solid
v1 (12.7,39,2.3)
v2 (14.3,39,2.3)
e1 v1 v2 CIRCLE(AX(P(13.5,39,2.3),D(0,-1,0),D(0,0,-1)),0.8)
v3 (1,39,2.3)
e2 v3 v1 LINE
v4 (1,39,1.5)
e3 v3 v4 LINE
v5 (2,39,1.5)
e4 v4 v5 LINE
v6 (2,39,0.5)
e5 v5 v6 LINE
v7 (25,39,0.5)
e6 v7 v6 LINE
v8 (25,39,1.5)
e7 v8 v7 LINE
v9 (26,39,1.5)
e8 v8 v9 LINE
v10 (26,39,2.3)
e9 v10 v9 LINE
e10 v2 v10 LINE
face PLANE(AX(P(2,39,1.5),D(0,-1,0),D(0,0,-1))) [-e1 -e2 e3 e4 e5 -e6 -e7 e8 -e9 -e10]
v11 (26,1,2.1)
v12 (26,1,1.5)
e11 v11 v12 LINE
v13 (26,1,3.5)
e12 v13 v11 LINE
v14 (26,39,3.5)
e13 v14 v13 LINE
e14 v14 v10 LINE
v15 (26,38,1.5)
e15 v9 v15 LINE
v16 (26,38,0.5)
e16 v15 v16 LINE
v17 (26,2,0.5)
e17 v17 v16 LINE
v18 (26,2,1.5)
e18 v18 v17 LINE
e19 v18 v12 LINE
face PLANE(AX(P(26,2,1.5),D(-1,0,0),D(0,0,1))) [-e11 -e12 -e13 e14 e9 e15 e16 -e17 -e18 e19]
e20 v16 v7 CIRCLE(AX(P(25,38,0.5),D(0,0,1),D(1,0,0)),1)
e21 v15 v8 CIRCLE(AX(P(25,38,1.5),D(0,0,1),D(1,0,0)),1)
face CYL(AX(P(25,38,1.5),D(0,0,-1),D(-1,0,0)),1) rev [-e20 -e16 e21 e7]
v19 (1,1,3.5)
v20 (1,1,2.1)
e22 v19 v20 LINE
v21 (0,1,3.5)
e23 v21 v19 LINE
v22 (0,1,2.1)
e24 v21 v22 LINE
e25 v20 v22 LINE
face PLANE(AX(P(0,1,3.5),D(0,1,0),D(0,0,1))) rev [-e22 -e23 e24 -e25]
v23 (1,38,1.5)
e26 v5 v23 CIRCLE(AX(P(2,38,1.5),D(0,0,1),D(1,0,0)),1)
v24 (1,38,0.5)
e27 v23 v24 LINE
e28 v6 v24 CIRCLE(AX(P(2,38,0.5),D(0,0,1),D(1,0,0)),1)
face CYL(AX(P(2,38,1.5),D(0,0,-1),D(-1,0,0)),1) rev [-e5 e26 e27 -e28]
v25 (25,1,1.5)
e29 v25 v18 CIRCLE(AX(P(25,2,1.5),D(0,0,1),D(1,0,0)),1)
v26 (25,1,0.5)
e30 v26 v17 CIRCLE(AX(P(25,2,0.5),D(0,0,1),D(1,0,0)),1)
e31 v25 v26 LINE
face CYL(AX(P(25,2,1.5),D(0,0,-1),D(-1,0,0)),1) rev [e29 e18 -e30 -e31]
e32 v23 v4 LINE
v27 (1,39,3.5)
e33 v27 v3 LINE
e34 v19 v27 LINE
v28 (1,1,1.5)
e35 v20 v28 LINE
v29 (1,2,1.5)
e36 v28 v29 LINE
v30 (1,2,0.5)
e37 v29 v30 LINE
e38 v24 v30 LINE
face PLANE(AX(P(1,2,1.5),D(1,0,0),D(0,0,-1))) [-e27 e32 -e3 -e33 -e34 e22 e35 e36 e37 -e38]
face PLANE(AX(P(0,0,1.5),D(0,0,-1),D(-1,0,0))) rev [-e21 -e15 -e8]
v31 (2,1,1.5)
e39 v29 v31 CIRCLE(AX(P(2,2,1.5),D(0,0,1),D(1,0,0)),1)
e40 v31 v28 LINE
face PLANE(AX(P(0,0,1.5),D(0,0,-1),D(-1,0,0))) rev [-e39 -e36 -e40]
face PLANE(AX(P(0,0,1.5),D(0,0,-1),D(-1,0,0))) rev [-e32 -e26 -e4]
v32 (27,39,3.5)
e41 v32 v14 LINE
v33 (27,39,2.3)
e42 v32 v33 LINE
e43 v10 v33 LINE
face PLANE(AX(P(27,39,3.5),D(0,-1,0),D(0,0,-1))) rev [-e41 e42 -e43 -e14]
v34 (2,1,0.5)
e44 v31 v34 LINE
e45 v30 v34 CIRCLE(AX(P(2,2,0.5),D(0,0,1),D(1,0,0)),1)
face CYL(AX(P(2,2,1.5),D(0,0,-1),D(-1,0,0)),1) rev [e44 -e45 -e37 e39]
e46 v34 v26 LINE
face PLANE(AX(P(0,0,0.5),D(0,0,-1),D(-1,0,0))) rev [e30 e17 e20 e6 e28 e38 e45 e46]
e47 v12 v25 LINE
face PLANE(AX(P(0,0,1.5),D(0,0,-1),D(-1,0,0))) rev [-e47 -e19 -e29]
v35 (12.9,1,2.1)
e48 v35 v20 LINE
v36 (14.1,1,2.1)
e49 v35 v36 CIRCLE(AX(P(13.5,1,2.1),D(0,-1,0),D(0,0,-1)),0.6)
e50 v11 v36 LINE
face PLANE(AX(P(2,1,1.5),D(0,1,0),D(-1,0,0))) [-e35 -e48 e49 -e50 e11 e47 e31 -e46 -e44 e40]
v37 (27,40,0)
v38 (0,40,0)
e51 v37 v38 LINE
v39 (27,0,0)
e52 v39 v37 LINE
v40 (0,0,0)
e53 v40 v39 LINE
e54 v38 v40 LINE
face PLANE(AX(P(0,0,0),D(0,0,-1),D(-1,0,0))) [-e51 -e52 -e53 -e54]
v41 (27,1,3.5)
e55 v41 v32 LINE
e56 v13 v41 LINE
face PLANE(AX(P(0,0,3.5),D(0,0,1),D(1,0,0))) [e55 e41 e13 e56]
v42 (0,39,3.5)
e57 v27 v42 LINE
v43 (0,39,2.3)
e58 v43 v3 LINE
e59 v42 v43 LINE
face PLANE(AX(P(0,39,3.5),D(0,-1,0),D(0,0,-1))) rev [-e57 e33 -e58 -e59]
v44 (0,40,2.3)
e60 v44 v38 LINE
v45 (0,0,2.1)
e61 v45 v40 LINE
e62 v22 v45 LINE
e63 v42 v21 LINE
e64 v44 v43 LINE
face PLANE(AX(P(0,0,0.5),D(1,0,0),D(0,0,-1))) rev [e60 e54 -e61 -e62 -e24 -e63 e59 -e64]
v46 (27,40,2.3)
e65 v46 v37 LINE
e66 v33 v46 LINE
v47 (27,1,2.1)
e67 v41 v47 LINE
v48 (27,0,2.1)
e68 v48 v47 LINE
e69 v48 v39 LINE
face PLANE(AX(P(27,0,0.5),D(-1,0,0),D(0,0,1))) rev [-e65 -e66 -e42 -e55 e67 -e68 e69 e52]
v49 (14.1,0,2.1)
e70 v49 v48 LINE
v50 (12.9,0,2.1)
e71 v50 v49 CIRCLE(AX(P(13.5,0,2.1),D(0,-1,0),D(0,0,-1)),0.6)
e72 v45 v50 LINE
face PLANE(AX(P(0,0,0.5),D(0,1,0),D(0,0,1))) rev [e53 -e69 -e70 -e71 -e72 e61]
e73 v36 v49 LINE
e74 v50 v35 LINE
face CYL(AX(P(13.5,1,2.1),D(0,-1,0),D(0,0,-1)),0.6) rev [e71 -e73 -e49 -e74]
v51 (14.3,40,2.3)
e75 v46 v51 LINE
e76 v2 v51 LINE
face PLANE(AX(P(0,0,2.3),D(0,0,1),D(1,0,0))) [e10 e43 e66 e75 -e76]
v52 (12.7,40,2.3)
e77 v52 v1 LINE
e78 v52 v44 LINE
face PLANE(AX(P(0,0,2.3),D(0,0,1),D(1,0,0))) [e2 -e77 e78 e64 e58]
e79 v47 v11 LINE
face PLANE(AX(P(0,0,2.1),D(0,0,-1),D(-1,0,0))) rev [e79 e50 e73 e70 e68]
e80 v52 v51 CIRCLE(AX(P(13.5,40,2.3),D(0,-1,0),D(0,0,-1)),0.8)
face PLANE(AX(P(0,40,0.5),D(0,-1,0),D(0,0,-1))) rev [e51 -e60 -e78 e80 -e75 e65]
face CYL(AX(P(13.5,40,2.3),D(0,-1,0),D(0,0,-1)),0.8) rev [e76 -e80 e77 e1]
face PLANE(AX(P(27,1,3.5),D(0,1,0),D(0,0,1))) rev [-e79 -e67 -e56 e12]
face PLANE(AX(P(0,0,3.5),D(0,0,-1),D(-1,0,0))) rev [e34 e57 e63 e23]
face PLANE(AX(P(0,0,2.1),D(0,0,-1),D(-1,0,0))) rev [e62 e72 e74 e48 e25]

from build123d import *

# Parameters (mm, degrees)
SKETCH_13_W         = 27
SKETCH_13_H         = 40
EXTRUDE_11_DEPTH    = 0.5
SKETCH_14_W         = 27
SKETCH_14_H         = 40
EXTRUDE_14_DEPTH    = 1
SKETCH_17_W         = 27
SKETCH_17_H         = 1
EXTRUDE_15_DEPTH    = 0.8
SKETCH_18_R         = 0.8
CUT_EXTRUDE_4_DEPTH = 2
SKETCH_22_W         = 27
SKETCH_22_H         = 1
EXTRUDE_18_DEPTH    = 0.6
SKETCH_23_R         = 0.6
CUT_EXTRUDE_6_DEPTH = 1
SKETCH_24_W         = 1
SKETCH_24_H         = 38
EXTRUDE_19_DEPTH    = 2
SKETCH_25_W         = 1
SKETCH_25_H         = 38
EXTRUDE_20_DEPTH    = 2


with BuildPart() as part:
    # 草图13 → 凸台-拉伸11 (new body)
    with BuildSketch(Plane.XY):
        with Locations((13.5, 20)):
            Rectangle(SKETCH_13_W, SKETCH_13_H)
    extrude(amount=EXTRUDE_11_DEPTH)

    # 草图14 → 凸台-拉伸14 (add)
    with BuildSketch(Plane.XY.offset(0.5)):
        with Locations((13.5, 20)):
            Rectangle(SKETCH_14_W, SKETCH_14_H)
        with BuildLine():
            Line((2, 1), (25, 1))
            ThreePointArc((25, 1), (25.707106781, 1.292893219), (26, 2))
            Line((26, 2), (26, 38))
            ThreePointArc((26, 38), (25.707106781, 38.707106781), (25, 39))
            Line((25, 39), (2, 39))
            ThreePointArc((2, 39), (1.292893219, 38.707106781), (1, 38))
            Line((1, 38), (1, 2))
            ThreePointArc((1, 2), (1.292893219, 1.292893219), (2, 1))
        make_face(mode=Mode.SUBTRACT)
    extrude(amount=EXTRUDE_14_DEPTH)

    # 草图17 → 凸台-拉伸15 (add)
    with BuildSketch(Plane.XY.offset(1.5)):
        with Locations((13.5, 39.5)):
            Rectangle(SKETCH_17_W, SKETCH_17_H)
    extrude(amount=EXTRUDE_15_DEPTH)

    # 草图18 → 切除-拉伸4 (cut, through all)
    with BuildSketch(Plane.XZ.offset(-39)):
        with Locations((13.5, 2.3)):
            Circle(SKETCH_18_R)
    extrude(amount=-CUT_EXTRUDE_4_DEPTH, mode=Mode.SUBTRACT)

    # 草图22 → 凸台-拉伸18 (add)
    with BuildSketch(Plane.XY.offset(1.5)):
        with Locations((13.5, 0.5)):
            Rectangle(SKETCH_22_W, SKETCH_22_H)
    extrude(amount=EXTRUDE_18_DEPTH)

    # 草图23 → 切除-拉伸6 (cut)
    with BuildSketch(Plane.XZ):
        with Locations((13.5, 2.1)):
            Circle(SKETCH_23_R)
    extrude(amount=-CUT_EXTRUDE_6_DEPTH, mode=Mode.SUBTRACT)

    # 草图24 → 凸台-拉伸19 (add)
    with BuildSketch(Plane.XY.offset(1.5)):
        with Locations((26.5, 20)):
            Rectangle(SKETCH_24_W, SKETCH_24_H)
    extrude(amount=EXTRUDE_19_DEPTH)

    # 草图25 → 凸台-拉伸20 (add)
    with BuildSketch(Plane.XY.offset(1.5)):
        with Locations((0.5, 20)):
            Rectangle(SKETCH_25_W, SKETCH_25_H)
    extrude(amount=EXTRUDE_20_DEPTH)


solid = part.part
